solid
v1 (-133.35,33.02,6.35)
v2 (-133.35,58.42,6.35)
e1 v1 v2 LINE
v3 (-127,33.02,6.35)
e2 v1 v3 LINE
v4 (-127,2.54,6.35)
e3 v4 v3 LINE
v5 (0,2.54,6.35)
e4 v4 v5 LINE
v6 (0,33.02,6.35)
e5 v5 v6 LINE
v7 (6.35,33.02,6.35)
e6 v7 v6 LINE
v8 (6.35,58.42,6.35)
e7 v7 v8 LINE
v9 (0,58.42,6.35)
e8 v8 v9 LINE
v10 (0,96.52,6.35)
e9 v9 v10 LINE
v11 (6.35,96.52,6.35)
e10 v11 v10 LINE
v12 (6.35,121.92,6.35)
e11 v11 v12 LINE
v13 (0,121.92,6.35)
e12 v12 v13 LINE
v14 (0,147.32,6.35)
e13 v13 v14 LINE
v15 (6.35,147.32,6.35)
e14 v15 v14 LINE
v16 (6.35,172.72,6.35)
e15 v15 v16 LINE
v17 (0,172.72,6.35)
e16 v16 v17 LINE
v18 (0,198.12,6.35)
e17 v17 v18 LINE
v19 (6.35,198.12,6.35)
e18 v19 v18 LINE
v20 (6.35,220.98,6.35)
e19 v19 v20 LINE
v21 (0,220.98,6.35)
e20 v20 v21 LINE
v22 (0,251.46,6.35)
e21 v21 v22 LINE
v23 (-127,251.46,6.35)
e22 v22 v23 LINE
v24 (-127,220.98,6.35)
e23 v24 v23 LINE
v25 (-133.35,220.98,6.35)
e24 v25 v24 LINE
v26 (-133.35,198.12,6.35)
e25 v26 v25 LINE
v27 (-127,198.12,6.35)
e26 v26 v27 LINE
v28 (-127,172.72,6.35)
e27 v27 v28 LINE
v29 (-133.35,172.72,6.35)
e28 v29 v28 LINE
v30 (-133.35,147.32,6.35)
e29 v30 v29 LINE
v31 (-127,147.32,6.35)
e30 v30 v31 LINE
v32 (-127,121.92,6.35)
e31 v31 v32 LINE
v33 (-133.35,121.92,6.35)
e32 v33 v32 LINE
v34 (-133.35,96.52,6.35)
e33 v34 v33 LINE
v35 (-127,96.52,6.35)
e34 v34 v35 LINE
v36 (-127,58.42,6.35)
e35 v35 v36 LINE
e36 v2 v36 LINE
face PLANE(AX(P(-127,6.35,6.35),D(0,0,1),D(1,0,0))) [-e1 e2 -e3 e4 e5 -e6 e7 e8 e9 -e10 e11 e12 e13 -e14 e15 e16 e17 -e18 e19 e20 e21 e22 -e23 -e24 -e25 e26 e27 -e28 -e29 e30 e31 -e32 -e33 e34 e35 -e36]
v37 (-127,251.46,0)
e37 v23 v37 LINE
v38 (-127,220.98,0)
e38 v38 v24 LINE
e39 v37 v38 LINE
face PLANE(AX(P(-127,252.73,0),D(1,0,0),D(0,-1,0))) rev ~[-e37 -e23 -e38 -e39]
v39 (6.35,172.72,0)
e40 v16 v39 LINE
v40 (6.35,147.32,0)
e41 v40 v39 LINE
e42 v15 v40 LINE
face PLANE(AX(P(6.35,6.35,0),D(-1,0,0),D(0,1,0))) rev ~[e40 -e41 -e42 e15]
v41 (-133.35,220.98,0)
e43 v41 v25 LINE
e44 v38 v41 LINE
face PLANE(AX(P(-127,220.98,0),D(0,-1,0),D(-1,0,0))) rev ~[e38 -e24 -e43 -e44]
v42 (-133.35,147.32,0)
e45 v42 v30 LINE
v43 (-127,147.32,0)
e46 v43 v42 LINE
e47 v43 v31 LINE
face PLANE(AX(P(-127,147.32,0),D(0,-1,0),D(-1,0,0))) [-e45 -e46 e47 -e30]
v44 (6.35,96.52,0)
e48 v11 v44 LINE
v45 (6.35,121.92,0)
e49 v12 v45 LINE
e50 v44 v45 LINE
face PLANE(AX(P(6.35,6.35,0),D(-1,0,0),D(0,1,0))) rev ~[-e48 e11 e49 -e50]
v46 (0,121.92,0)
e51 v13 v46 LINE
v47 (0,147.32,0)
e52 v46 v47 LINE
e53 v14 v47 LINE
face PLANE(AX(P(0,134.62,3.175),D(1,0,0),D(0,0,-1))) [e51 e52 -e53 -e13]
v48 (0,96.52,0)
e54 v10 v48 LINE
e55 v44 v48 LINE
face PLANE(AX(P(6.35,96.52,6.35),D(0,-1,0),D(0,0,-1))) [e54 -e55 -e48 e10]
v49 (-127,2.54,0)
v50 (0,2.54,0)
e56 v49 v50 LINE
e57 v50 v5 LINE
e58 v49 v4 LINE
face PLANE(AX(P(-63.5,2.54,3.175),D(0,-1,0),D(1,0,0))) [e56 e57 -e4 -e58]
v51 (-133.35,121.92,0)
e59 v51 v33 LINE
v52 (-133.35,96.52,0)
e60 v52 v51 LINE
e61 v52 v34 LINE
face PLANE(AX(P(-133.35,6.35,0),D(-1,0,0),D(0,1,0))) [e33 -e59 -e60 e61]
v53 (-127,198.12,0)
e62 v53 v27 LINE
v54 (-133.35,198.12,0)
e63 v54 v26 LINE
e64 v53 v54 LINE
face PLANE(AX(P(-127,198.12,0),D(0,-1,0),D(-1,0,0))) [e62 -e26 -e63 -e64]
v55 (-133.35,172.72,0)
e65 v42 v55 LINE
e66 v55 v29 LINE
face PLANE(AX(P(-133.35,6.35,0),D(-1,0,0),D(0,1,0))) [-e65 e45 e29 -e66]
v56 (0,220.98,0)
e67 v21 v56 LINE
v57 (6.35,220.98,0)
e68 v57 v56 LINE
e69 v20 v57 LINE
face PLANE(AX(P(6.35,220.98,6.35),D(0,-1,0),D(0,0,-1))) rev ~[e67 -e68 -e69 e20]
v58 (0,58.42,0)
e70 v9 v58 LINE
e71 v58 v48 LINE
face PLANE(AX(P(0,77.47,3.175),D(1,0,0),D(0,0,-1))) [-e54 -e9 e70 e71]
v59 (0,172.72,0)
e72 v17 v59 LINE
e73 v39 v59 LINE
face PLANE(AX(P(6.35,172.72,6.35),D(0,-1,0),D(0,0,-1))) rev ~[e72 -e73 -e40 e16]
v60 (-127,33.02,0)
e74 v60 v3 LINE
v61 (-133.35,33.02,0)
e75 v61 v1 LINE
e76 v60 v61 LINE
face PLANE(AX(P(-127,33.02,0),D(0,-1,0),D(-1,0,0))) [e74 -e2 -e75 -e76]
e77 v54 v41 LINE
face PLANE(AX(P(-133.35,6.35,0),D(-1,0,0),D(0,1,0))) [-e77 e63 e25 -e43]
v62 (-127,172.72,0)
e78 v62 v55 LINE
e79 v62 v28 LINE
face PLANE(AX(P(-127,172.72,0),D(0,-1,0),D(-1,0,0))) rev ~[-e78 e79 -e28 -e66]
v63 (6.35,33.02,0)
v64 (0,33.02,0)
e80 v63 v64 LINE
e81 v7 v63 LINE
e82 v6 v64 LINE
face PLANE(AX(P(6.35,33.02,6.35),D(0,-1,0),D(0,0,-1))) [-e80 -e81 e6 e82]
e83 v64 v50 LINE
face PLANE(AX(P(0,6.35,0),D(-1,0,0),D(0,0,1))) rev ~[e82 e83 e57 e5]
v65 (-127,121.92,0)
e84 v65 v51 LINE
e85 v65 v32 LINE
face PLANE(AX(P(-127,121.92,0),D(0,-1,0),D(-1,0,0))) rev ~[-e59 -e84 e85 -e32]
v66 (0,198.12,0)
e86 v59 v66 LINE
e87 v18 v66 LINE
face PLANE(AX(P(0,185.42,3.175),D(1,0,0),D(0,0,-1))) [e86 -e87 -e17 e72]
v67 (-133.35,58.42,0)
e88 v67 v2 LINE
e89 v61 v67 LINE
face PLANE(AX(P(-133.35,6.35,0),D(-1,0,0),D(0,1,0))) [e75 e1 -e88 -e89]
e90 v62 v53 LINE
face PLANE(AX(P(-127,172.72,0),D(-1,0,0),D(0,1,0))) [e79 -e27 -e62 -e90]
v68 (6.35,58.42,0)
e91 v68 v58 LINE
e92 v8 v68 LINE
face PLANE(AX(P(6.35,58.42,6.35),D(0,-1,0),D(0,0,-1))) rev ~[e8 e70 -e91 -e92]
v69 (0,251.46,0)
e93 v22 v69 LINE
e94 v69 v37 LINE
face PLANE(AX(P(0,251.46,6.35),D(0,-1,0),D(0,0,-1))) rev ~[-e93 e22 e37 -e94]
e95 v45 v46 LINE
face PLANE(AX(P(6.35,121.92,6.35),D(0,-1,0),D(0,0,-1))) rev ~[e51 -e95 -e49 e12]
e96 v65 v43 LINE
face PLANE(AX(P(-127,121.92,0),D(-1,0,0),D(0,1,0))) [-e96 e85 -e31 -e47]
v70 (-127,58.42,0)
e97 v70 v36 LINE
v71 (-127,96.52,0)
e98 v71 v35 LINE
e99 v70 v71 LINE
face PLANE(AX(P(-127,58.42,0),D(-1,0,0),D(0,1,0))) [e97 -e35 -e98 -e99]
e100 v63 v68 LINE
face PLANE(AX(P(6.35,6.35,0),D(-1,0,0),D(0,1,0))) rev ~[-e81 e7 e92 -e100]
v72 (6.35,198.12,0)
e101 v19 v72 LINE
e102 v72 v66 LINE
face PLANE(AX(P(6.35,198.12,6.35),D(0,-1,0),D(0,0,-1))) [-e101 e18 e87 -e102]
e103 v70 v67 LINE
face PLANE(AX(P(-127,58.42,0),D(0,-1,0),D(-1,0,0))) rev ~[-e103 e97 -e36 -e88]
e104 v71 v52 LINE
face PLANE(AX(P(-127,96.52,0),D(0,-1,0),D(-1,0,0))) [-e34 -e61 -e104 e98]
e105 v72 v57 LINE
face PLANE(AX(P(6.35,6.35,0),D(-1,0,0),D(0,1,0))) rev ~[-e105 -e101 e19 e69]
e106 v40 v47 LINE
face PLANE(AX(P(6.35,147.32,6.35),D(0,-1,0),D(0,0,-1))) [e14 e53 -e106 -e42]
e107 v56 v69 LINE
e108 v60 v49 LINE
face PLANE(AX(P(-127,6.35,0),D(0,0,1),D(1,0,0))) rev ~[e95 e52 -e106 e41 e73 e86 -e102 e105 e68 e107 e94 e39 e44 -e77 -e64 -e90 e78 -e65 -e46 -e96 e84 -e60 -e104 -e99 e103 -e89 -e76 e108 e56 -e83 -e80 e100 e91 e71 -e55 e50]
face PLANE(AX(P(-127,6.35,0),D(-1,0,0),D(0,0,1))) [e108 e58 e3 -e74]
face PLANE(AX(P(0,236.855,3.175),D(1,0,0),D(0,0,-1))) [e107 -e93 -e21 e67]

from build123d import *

# Parameters (mm, degrees)
SKETCH1_W           = 139.7
SKETCH1_H           = 246.38
BOSS_EXTRUDE1_DEPTH = 6.35
SKETCH2_W           = 6.35
SKETCH2_H           = 26.67
SKETCH2_H_2         = 38.1
SKETCH2_H_3         = 25.4
SKETCH2_H_4         = 31.75
CUT_EXTRUDE1_DEPTH  = 6.35
SKETCH7_W           = 6.35
SKETCH7_H           = 26.67
SKETCH7_H_2         = 38.1
SKETCH7_H_3         = 25.4
CUT_EXTRUDE5_DEPTH  = 7.35
SKETCH8_W           = 127
SKETCH8_H           = 6.35
BOSS_EXTRUDE2_DEPTH = 3.81
SKETCH6_W           = 6.35
SKETCH6_H           = 1.27
CUT_EXTRUDE6_DEPTH  = 134.35


with BuildPart() as part:
    # Sketch1 → Boss-Extrude1 (new body)
    with BuildSketch(Plane.XY):
        with Locations((-63.5, 129.54)):
            Rectangle(SKETCH1_W, SKETCH1_H)
    extrude(amount=BOSS_EXTRUDE1_DEPTH)

    # Sketch2 → Cut-Extrude1 (cut)
    with BuildSketch(Plane(origin=(6.35, 0, 0), x_dir=(0, 0, -1), z_dir=(1, 0, 0))):
        with Locations((-3.175, 19.685)):
            Rectangle(SKETCH2_W, SKETCH2_H)
        with Locations((-3.175, 77.47)):
            Rectangle(SKETCH2_W, SKETCH2_H_2)
        with Locations((-3.175, 134.62)):
            Rectangle(SKETCH2_W, SKETCH2_H_3)
        with Locations((-3.175, 185.42)):
            Rectangle(SKETCH2_W, SKETCH2_H_3)
        with Locations((-3.175, 236.855)):
            Rectangle(SKETCH2_W, SKETCH2_H_4)
    extrude(amount=-CUT_EXTRUDE1_DEPTH, mode=Mode.SUBTRACT)

    # Sketch7 → Cut-Extrude5 (cut, through all)
    with BuildSketch(Plane(origin=(0, 0, 0), x_dir=(-1, 0, 0), z_dir=(0, 0, -1))):
        with Locations((130.175, 19.685)):
            Rectangle(SKETCH7_W, SKETCH7_H)
        with Locations((130.175, 77.47)):
            Rectangle(SKETCH7_W, SKETCH7_H_2)
        with Locations((130.175, 134.62)):
            Rectangle(SKETCH7_W, SKETCH7_H_3)
        with Locations((130.175, 185.42)):
            Rectangle(SKETCH7_W, SKETCH7_H_3)
        Polygon((127, 220.98), (133.35, 220.98), (133.35, 252.73), (127, 252.73), (127, 247.65), align=None)
    extrude(amount=-CUT_EXTRUDE5_DEPTH, mode=Mode.SUBTRACT)

    # Sketch8 → Boss-Extrude2 (add)
    with BuildSketch(Plane.XZ.offset(-6.35)):
        with Locations((-63.5, 3.175)):
            Rectangle(SKETCH8_W, SKETCH8_H)
    extrude(amount=BOSS_EXTRUDE2_DEPTH)

    # Sketch6 → Cut-Extrude6 (cut, through all)
    with BuildSketch(Plane(origin=(0, 0, 0), x_dir=(0, 0, -1), z_dir=(1, 0, 0))):
        with Locations((-3.175, 252.095)):
            Rectangle(SKETCH6_W, SKETCH6_H)
    extrude(amount=-CUT_EXTRUDE6_DEPTH, mode=Mode.SUBTRACT)


solid = part.part
